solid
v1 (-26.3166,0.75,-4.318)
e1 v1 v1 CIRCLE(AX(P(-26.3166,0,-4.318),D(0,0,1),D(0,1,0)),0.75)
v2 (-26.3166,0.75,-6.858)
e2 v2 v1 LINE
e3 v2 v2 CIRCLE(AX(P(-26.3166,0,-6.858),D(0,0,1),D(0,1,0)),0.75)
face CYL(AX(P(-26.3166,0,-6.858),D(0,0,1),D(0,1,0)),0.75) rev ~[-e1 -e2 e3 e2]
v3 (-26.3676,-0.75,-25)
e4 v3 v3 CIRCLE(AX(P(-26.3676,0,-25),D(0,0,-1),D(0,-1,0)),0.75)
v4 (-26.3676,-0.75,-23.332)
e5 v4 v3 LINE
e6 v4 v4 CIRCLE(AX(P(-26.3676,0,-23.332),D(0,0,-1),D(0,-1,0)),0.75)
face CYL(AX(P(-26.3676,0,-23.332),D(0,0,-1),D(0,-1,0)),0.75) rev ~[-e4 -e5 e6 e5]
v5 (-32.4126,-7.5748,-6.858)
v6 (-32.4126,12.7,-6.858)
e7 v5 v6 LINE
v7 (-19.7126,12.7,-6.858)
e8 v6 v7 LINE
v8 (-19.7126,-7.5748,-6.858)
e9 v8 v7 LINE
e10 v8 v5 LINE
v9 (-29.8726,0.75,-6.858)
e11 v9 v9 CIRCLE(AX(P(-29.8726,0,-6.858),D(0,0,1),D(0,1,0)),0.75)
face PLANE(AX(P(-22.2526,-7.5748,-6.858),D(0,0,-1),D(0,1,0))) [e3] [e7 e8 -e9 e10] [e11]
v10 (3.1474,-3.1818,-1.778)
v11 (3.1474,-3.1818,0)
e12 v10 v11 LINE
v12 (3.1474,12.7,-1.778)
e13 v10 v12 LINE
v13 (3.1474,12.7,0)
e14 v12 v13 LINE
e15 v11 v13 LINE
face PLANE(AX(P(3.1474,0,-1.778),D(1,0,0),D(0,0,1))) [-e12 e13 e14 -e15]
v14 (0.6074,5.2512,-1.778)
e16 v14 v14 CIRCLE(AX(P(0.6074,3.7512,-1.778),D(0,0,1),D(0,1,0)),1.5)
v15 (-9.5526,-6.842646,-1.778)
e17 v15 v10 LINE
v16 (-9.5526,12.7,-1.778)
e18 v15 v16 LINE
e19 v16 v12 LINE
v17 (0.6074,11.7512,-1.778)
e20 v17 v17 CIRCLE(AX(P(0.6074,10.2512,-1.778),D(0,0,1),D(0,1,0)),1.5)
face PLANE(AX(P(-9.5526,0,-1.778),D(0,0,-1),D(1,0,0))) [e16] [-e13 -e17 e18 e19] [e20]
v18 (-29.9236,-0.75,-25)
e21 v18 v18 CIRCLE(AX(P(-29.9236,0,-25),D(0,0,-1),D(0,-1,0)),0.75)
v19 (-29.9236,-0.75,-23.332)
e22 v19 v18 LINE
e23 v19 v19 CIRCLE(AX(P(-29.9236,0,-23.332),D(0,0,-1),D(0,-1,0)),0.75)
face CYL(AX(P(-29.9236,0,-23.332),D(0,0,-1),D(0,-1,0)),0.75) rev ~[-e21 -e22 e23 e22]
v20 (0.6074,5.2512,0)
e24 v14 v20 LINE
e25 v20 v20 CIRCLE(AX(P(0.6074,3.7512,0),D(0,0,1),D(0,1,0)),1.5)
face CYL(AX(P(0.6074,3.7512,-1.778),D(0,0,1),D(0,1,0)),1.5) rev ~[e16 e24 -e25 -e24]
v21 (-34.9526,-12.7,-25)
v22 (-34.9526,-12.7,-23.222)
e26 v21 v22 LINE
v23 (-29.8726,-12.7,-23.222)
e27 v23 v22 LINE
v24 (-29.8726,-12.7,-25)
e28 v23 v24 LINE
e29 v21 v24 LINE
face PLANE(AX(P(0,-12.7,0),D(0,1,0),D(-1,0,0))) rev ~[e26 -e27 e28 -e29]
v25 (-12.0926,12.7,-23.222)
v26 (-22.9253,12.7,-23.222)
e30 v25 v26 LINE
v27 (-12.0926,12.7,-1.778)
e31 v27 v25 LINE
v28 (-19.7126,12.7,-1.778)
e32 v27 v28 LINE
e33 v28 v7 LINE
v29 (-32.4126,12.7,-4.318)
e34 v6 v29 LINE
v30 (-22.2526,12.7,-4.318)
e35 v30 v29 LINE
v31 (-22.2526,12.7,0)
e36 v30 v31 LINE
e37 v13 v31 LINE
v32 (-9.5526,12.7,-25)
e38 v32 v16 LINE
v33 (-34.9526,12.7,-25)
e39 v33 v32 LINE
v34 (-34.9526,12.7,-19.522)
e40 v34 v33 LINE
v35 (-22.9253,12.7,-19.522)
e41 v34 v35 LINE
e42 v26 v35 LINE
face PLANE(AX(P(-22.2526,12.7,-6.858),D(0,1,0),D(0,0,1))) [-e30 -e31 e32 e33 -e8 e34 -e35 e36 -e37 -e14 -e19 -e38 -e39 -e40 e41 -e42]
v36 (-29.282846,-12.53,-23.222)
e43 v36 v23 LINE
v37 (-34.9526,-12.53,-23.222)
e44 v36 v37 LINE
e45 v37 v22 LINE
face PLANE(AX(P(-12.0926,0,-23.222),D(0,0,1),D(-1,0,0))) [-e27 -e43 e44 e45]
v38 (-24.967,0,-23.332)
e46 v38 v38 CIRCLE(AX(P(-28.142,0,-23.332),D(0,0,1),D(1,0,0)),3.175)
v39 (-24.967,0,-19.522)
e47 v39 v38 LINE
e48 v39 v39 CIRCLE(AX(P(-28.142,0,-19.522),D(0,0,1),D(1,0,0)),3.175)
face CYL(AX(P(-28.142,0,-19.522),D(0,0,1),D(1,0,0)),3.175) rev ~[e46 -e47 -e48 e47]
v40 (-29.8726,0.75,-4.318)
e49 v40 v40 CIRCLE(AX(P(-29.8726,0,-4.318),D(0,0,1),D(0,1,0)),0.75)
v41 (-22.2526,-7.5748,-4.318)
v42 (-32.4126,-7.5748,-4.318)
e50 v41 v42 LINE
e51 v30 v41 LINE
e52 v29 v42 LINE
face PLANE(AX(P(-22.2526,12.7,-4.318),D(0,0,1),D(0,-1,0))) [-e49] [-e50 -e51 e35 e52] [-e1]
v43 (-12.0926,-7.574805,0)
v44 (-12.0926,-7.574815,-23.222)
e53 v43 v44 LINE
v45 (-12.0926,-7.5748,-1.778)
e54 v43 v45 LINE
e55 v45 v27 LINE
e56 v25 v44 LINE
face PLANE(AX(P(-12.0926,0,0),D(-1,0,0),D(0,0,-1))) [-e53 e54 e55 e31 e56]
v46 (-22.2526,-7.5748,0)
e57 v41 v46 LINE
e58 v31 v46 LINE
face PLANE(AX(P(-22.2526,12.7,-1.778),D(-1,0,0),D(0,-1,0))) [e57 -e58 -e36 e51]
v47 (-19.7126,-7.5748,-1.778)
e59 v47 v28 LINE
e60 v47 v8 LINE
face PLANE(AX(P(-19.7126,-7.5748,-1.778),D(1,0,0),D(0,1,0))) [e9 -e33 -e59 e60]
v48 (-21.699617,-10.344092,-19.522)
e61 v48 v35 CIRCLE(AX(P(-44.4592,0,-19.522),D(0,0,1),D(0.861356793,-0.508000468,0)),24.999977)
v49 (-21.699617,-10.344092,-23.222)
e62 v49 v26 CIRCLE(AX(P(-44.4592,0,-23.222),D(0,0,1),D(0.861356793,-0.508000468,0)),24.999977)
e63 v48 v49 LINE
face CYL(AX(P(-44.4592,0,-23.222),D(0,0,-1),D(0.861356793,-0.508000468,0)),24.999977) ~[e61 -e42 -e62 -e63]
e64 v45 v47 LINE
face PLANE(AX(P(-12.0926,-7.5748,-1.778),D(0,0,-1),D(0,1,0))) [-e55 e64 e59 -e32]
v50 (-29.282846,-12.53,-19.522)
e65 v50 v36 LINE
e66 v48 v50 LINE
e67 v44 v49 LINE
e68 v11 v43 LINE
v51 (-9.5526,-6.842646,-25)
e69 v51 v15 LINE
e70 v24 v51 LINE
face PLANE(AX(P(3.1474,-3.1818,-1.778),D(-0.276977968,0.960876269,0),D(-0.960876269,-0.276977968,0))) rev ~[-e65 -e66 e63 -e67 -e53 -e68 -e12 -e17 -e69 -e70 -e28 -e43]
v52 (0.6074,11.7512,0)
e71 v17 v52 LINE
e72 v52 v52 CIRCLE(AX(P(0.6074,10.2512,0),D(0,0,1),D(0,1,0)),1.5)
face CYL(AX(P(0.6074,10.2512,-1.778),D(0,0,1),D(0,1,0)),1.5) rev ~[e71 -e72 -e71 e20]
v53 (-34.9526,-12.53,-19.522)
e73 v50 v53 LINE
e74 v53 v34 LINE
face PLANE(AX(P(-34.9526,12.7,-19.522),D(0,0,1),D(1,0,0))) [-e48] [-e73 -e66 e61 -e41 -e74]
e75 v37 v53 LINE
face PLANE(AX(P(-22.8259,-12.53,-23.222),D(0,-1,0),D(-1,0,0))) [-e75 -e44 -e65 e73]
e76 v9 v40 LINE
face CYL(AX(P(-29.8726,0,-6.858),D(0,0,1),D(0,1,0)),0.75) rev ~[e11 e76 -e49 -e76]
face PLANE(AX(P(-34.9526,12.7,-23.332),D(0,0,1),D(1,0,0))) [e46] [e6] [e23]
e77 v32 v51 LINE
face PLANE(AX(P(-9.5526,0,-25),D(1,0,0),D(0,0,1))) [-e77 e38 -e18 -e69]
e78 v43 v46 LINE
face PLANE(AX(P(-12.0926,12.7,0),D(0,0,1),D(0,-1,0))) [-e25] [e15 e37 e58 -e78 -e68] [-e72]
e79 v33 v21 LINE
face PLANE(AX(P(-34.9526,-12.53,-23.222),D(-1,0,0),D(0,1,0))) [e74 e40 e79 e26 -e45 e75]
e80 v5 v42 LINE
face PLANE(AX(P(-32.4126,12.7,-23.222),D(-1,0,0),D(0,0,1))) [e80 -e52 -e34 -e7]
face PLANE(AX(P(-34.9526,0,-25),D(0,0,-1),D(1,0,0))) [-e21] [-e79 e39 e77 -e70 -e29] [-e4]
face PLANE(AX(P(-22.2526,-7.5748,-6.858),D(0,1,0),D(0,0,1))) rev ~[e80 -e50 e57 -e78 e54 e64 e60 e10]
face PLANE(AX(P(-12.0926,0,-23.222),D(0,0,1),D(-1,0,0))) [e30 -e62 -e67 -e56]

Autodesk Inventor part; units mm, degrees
ref_plane "YZ Plane" through (0, 0, 0) normal (1, 0, 0) x (0, 1, 0)
ref_plane "XZ Plane" through (0, 0, 0) normal (0, 1, 0) x (-1, 0, 0)
ref_plane "XY Plane" through (0, 0, 0) normal (0, 0, 1) x (1, 0, 0)
sketch "Sketch1" plane through (0, 0, 0) normal (0, 1, 0) x (-1, 0, 0)
  line L0 (-3.1474, 0) -> (12.0926, 0)
  line L1 (12.0926, 0) -> (12.0926, -23.222)
  line L2 (12.0926, -23.222) -> (34.9526, -23.222)
  line L3 (34.9526, -25) -> (9.5526, -25)
  line L4 (9.5526, -25) -> (9.5526, -1.778)
  line L5 (9.5526, -1.778) -> (-3.1474, -1.778)
  line L6 (-3.1474, -1.778) -> (-3.1474, 0)
  line L7 (34.9526, -25) -> (34.9526, -23.222)
  dimension "d1" = 1.778
  dimension "d2" = 25
  dimension "d3" = 1.778
  dimension "d5" = 25.4
  dimension "d6" = 2.54
  dimension "d26" = 15.24
extrude "Extrusion1" add sketch "Sketch1" along normal mid plane 25.4
sketch "Sketch2" plane through (-34.9526, 12.7, -23.222) normal (0, 0, 1) x (1, 0, 0)
  arc A0 (12.0273, -25.4) -> (12.0273, 0) centre (-9.5066, -12.7) ccw
  line L0 (0, 0) -> (12.0273, 0)
  line L1 (12.1267, -25.23) -> (0, -25.23)
  line L2 (0, -25.23) -> (0, 0)
  line L3 (11.8723, 0) -> (11.8723, -12.7) construction
  line L4 (11.8723, -12.7) -> (11.8723, -25.4) construction
  line L5 (22.86, -25.4) -> (0, -25.4) construction
  line L6 (11.8723, -12.7) -> (-9.5066, -12.7) construction
  line L7 (0, 0) -> (0, -25.4) construction
  point P0 (34.9526, -12.7)
  dimension "d9" = 50
extrude "Extrusion2" add sketch "Sketch2" along normal blind 3.7
sketch "Sketch3" plane through (3.1474, 12.7, -1.778) normal (0, 0, -1) x (-1, 0, 0)
  line L0 (0, -25.4) -> (0, 0) projected
  line L1 (0, -15.8818) -> (33.02, -25.4)
  line L2 (38.1, -25.4) -> (12.7, -25.4) projected
  line L3 (0, -25.4) -> (0, -15.8818)
  line L4 (0, -25.4) -> (33.02, -25.4)
  point P0 (3.1474, -12.7)
  point P1 (0, 0)
  dimension "d12" = 73.92
  dimension "d13" = 33.02
extrude "Extrusion3" cut sketch "Sketch3" along normal mid plane 76.2
sketch "Sketch4" plane through (3.1474, 12.7, -1.778) normal (0, 0, -1) x (-1, 0, 0)
  line L0 (0, -15.8818) -> (0, -8.9488) construction
  line L1 (0, 0) -> (0, -15.8818) construction
  line L2 (2.54, -8.9488) -> (2.54, -2.4488) construction
  line L3 (0, -8.9488) -> (2.54, -8.9488) construction
  point P0 (3.1474, -12.7)
  dimension "d16" = 6.933
  dimension "d17" = 2.54
  dimension "d18" = 6.5
hole "Hole1" at (0.6074, 3.7512, -1.778) at (0.6074, 10.2512, -1.778) direction (0, 0, 1) diameter 3 end through all
sketch "Sketch5" plane through (-34.9526, 12.7, -19.522) normal (0, 0, 1) x (1, 0, 0)
  circle A0 centre (6.8106, -12.7) radius 3.175
  point P0 (34.9526, -12.7)
  dimension "d28" = 6.35
extrude "Extrusion4" cut sketch "Sketch5" against normal blind 3.81
sketch "Sketch6" plane through (-28.1421, 0, -23.332) normal (0, 0, 1) x (1, 0, 0)
  line L0 (-0.0036, 0) -> (1.7744, 0)
  line L1 (-0.0036, 0) -> (-1.7816, 0)
  point P0 (28.1421, 0)
  dimension "d31" = 1.778
hole "Hole2" at (-29.9236, 0, -23.332) at (-26.3676, 0, -23.332) direction (0, 0, -1) diameter 1.5 end through all
sketch "Sketch7" plane through (-12.0926, 12.7, -23.222) normal (-1, 0, 0) x (0, 0, 1)
  line L0 (23.222, -20.2748) -> (21.444, -20.2748)
  line L1 (21.444, -20.2748) -> (21.444, 0)
  line L2 (21.444, 0) -> (23.222, 0)
  line L3 (23.222, 0) -> (23.222, -20.2748)
  point P0 (23.222, -12.7)
extrude "Extrusion5" add sketch "Sketch7" along normal blind 10.16
sketch "Sketch8" plane through (-12.0926, -7.5748, -1.778) normal (0, 0, -1) x (-1, 0, 0)
  line L0 (0, 20.2748) -> (10.16, 20.2748) projected
  line L1 (10.16, 0) -> (7.62, 0)
  line L2 (7.62, 0) -> (7.62, 20.2748)
  line L3 (7.62, 20.2748) -> (10.16, 20.2748)
  line L4 (10.16, 20.2748) -> (10.16, 0)
  point P0 (-12.0926, 7.5748)
  dimension "d43" = 2.54
extrude "Extrusion6" add sketch "Sketch8" along normal blind 5.08
sketch "Sketch9" plane through (-22.2526, 12.7, -23.222) normal (-1, 0, 0) x (0, 0, 1)
  line L0 (0, -20.2748) -> (21.444, -20.2748) projected
  line L1 (16.364, 0) -> (18.904, 0)
  line L2 (18.904, 0) -> (18.904, -20.2748)
  line L3 (18.904, -20.2748) -> (16.364, -20.2748)
  line L4 (16.364, -20.2748) -> (16.364, 0)
  point P0 (23.222, -12.7)
  dimension "d44" = 2.54
extrude "Extrusion7" add sketch "Sketch9" along normal blind 10.16
sketch "Sketch10" plane through (-12.0926, -7.5748, -6.858) normal (0, 0, -1) x (-1, 0, 0)
  line L0 (16.002, 20.2748) -> (16.002, 7.5748)
  line L1 (16.002, 7.5748) -> (14.224, 7.5748)
  line L2 (7.62, 20.2748) -> (16.002, 20.2748) construction
  line L3 (7.62, 20.2748) -> (7.62, 0) construction
  line L4 (16.002, 7.5748) -> (17.78, 7.5748)
  point P0 (-12.0926, 7.5748)
  point P1 (20.32, 20.2748)
  dimension "d47" = 1.778
  dimension "d48" = 8.382
  dimension "d49" = 12.7
hole "Hole3" at (-26.3166, 0, -6.858) at (-29.8726, 0, -6.858) direction (0, 0, 1) diameter 1.5 end through all
properties part number "Encoder Mount v2"
